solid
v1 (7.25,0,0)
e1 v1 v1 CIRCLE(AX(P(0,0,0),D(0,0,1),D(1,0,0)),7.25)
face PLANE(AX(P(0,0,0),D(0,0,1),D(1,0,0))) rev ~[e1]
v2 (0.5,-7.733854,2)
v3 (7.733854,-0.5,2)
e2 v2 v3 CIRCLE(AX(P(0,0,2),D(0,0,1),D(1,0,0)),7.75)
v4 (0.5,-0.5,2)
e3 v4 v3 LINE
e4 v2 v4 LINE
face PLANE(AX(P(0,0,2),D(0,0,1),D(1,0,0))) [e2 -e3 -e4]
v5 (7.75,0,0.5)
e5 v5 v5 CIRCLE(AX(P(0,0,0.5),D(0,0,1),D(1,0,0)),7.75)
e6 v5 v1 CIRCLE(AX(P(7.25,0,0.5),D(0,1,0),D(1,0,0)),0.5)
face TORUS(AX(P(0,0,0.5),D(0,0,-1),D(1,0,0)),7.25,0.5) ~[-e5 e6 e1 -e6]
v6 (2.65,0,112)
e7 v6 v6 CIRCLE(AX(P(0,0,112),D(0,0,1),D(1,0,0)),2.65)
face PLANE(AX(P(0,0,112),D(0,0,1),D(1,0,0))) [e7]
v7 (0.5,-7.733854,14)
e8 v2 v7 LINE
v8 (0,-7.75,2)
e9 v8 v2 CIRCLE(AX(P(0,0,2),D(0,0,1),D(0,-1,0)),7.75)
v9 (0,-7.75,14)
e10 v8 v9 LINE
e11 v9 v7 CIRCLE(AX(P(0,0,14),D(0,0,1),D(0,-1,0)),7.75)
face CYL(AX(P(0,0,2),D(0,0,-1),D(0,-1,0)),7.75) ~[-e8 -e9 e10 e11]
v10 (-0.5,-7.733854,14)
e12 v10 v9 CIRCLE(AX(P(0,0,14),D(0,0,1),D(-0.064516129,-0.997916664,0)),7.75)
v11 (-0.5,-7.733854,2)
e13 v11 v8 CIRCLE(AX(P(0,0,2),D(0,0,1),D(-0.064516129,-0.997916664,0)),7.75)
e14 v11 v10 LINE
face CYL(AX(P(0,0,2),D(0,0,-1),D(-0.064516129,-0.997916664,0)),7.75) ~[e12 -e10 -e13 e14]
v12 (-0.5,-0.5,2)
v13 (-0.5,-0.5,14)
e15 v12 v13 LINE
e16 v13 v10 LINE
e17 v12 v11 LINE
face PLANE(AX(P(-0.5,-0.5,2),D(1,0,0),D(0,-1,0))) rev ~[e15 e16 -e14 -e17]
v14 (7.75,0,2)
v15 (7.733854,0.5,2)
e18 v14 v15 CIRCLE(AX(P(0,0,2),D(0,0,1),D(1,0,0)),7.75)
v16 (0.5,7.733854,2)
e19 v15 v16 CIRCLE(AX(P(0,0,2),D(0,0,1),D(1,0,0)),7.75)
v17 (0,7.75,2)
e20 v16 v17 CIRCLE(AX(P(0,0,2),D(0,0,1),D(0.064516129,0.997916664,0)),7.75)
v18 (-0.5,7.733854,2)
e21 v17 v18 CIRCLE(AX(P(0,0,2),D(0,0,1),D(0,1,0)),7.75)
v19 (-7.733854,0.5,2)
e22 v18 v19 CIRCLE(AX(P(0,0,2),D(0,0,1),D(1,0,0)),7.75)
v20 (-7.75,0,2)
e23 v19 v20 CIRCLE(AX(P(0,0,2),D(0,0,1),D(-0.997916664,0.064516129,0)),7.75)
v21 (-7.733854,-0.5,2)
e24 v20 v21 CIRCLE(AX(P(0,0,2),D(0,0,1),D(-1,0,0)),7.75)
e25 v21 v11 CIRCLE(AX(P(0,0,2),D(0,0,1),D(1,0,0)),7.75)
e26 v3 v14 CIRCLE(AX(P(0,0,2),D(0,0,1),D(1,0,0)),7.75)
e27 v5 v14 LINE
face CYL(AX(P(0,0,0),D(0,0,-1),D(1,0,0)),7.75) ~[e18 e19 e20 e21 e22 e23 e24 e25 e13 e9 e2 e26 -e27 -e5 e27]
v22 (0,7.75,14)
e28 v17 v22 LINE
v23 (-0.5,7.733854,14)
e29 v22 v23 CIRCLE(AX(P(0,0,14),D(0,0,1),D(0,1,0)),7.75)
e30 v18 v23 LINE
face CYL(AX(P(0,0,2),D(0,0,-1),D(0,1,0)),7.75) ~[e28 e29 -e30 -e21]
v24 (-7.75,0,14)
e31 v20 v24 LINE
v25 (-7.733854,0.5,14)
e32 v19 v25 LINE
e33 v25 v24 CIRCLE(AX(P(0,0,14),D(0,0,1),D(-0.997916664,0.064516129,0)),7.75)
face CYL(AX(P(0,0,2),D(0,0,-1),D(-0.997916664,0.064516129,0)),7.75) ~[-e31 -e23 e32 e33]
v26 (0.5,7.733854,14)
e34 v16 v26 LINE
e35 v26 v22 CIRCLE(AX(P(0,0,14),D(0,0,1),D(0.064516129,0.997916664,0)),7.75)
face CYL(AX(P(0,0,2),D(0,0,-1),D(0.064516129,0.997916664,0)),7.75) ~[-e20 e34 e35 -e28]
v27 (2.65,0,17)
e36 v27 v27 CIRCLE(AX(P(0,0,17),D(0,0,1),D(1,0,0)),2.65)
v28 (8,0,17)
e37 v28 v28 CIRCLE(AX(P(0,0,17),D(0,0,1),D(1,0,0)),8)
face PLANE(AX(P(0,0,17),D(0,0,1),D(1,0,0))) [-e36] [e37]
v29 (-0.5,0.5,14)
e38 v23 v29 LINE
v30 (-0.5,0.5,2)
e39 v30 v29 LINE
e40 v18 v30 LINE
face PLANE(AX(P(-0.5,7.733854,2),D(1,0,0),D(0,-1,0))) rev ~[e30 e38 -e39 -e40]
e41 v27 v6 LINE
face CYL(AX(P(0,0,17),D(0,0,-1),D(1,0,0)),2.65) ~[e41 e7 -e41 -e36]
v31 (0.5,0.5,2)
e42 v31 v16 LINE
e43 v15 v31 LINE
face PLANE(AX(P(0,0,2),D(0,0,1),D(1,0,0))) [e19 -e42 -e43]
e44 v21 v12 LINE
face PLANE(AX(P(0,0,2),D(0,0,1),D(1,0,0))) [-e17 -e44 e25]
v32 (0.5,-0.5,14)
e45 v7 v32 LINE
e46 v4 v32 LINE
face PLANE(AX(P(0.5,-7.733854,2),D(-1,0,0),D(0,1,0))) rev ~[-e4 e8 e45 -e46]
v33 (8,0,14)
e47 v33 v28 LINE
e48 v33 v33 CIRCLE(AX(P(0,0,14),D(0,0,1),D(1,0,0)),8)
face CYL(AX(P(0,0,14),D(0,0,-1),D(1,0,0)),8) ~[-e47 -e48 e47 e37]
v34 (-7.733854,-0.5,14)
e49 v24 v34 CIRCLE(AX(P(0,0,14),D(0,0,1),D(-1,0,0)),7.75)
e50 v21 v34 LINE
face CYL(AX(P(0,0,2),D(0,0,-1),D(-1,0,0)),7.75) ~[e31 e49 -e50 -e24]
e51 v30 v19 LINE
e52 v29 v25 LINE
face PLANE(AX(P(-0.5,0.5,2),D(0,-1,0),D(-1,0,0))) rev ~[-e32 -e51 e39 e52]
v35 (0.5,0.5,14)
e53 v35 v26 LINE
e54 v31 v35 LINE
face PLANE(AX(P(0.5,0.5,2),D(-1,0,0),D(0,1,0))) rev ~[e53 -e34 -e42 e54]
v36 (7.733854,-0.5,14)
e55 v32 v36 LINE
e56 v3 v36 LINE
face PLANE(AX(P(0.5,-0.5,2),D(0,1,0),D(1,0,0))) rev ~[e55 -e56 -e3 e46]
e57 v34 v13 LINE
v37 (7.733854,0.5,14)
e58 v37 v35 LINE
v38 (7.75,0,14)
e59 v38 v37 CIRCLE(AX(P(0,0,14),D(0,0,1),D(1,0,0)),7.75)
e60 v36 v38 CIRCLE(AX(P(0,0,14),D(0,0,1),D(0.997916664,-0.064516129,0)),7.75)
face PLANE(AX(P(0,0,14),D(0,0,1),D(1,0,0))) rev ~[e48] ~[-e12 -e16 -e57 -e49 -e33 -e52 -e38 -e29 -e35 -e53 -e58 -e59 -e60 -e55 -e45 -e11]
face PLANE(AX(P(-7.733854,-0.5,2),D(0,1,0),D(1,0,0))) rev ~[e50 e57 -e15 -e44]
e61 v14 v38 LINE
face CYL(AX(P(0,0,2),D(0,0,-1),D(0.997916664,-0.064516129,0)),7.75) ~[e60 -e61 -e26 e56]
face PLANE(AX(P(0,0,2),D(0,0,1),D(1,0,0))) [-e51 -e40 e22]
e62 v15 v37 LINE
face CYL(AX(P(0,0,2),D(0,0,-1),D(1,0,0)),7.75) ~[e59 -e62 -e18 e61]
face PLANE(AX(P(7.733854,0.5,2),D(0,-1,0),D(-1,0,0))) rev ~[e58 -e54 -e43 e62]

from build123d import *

# Parameters (mm, degrees)
F0_R     = 7.75
F1_DEPTH = 2
F3_DEPTH = 12
F4_R     = 8
F5_DEPTH = 3
F6_R     = 0.5
F7_R     = 2.65
F8_DEPTH = 95


with BuildPart() as f1:
    # F0 (on Top) → F1 (new body)
    with BuildSketch(Plane.XY):
        Circle(F0_R)
    extrude(amount=F1_DEPTH)

    # F2 (on face) → F3 (join)
    with BuildSketch(Plane.XY.offset(2)):
        Polygon((0.5, 0), (0.5, 0.5), (0, 0.5), (-0.5, 0.5), (-0.5, 0), (-0.5, -0.5), (0, -0.5), (0.5, -0.5), align=None)
        with BuildLine():
            Line((-0.5, 0), (-0.5, 0.5))
            Line((-0.5, 0.5), (-7.7338541491, 0.5))
            ThreePointArc((-7.7338541491, 0.5), (-7.7459624856, 0.2501303103), (-7.75, 0))
            ThreePointArc((-7.75, 0), (-7.7459624856, -0.2501303103), (-7.7338541491, -0.5))
            Line((-7.7338541491, -0.5), (-0.5, -0.5))
            Line((-0.5, -0.5), (-0.5, 0))
        make_face()
        with BuildLine():
            ThreePointArc((0.5, 7.7338541491), (0.2501303103, 7.7459624856), (0, 7.75))
            ThreePointArc((0, 7.75), (-0.2501303103, 7.7459624856), (-0.5, 7.7338541491))
            Line((-0.5, 7.7338541491), (-0.5, 0.5))
            Line((-0.5, 0.5), (0, 0.5))
            Line((0, 0.5), (0.5, 0.5))
            Line((0.5, 0.5), (0.5, 7.7338541491))
        make_face()
        with BuildLine():
            Line((7.7338541491, 0.5), (0.5, 0.5))
            Line((0.5, 0.5), (0.5, 0))
            Line((0.5, 0), (0.5, -0.5))
            Line((0.5, -0.5), (7.7338541491, -0.5))
            ThreePointArc((7.7338541491, -0.5), (7.7459624856, -0.2501303103), (7.75, 0))
            ThreePointArc((7.75, 0), (7.7459624856, 0.2501303103), (7.7338541491, 0.5))
        make_face()
        with BuildLine():
            Line((0.5, -7.7338541491), (0.5, -0.5))
            Line((0.5, -0.5), (0, -0.5))
            Line((0, -0.5), (-0.5, -0.5))
            Line((-0.5, -0.5), (-0.5, -7.7338541491))
            ThreePointArc((-0.5, -7.7338541491), (-0.2501303103, -7.7459624856), (0, -7.75))
            ThreePointArc((0, -7.75), (0.2501303103, -7.7459624856), (0.5, -7.7338541491))
        make_face()
    extrude(amount=F3_DEPTH)

    # F4 (on face) → F5 (join)
    with BuildSketch(Plane.XY.offset(14)):
        Circle(F4_R)
        with BuildLine():
            Line((-7.7338541491, 0.5), (-0.5, 0.5))
            Line((-0.5, 0.5), (-0.5, 7.7338541491))
            ThreePointArc((-0.5, 7.7338541491), (0, 7.75), (0.5, 7.7338541491))
            Line((0.5, 7.7338541491), (0.5, 0.5))
            Line((0.5, 0.5), (7.7338541491, 0.5))
            ThreePointArc((7.7338541491, 0.5), (7.75, 0), (7.7338541491, -0.5))
            Line((7.7338541491, -0.5), (0.5, -0.5))
            Line((0.5, -0.5), (0.5, -7.7338541491))
            ThreePointArc((0.5, -7.7338541491), (0, -7.75), (-0.5, -7.7338541491))
            Line((-0.5, -7.7338541491), (-0.5, -0.5))
            Line((-0.5, -0.5), (-7.7338541491, -0.5))
            ThreePointArc((-7.7338541491, -0.5), (-7.75, 0), (-7.7338541491, 0.5))
        make_face(mode=Mode.SUBTRACT)
        with BuildLine():
            Line((-0.5, 7.7338541491), (-0.5, 0.5))
            Line((-0.5, 0.5), (-7.7338541491, 0.5))
            ThreePointArc((-7.7338541491, 0.5), (-7.75, 0), (-7.7338541491, -0.5))
            Line((-7.7338541491, -0.5), (-0.5, -0.5))
            Line((-0.5, -0.5), (-0.5, -7.7338541491))
            ThreePointArc((-0.5, -7.7338541491), (0, -7.75), (0.5, -7.7338541491))
            Line((0.5, -7.7338541491), (0.5, -0.5))
            Line((0.5, -0.5), (7.7338541491, -0.5))
            ThreePointArc((7.7338541491, -0.5), (7.75, 0), (7.7338541491, 0.5))
            Line((7.7338541491, 0.5), (0.5, 0.5))
            Line((0.5, 0.5), (0.5, 7.7338541491))
            ThreePointArc((0.5, 7.7338541491), (0, 7.75), (-0.5, 7.7338541491))
        make_face()
    extrude(amount=F5_DEPTH)

    # F6
    f6_edges = [f1.edges().sort_by_distance(p)[0] for p in [
        (-7.75, 0, 0),
    ]]
    fillet(f6_edges, radius=F6_R)

    # F7 (on face) → F8 (join)
    with BuildSketch(Plane.XY.offset(17)):
        Circle(F7_R)
    extrude(amount=F8_DEPTH)


solid = f1.part
